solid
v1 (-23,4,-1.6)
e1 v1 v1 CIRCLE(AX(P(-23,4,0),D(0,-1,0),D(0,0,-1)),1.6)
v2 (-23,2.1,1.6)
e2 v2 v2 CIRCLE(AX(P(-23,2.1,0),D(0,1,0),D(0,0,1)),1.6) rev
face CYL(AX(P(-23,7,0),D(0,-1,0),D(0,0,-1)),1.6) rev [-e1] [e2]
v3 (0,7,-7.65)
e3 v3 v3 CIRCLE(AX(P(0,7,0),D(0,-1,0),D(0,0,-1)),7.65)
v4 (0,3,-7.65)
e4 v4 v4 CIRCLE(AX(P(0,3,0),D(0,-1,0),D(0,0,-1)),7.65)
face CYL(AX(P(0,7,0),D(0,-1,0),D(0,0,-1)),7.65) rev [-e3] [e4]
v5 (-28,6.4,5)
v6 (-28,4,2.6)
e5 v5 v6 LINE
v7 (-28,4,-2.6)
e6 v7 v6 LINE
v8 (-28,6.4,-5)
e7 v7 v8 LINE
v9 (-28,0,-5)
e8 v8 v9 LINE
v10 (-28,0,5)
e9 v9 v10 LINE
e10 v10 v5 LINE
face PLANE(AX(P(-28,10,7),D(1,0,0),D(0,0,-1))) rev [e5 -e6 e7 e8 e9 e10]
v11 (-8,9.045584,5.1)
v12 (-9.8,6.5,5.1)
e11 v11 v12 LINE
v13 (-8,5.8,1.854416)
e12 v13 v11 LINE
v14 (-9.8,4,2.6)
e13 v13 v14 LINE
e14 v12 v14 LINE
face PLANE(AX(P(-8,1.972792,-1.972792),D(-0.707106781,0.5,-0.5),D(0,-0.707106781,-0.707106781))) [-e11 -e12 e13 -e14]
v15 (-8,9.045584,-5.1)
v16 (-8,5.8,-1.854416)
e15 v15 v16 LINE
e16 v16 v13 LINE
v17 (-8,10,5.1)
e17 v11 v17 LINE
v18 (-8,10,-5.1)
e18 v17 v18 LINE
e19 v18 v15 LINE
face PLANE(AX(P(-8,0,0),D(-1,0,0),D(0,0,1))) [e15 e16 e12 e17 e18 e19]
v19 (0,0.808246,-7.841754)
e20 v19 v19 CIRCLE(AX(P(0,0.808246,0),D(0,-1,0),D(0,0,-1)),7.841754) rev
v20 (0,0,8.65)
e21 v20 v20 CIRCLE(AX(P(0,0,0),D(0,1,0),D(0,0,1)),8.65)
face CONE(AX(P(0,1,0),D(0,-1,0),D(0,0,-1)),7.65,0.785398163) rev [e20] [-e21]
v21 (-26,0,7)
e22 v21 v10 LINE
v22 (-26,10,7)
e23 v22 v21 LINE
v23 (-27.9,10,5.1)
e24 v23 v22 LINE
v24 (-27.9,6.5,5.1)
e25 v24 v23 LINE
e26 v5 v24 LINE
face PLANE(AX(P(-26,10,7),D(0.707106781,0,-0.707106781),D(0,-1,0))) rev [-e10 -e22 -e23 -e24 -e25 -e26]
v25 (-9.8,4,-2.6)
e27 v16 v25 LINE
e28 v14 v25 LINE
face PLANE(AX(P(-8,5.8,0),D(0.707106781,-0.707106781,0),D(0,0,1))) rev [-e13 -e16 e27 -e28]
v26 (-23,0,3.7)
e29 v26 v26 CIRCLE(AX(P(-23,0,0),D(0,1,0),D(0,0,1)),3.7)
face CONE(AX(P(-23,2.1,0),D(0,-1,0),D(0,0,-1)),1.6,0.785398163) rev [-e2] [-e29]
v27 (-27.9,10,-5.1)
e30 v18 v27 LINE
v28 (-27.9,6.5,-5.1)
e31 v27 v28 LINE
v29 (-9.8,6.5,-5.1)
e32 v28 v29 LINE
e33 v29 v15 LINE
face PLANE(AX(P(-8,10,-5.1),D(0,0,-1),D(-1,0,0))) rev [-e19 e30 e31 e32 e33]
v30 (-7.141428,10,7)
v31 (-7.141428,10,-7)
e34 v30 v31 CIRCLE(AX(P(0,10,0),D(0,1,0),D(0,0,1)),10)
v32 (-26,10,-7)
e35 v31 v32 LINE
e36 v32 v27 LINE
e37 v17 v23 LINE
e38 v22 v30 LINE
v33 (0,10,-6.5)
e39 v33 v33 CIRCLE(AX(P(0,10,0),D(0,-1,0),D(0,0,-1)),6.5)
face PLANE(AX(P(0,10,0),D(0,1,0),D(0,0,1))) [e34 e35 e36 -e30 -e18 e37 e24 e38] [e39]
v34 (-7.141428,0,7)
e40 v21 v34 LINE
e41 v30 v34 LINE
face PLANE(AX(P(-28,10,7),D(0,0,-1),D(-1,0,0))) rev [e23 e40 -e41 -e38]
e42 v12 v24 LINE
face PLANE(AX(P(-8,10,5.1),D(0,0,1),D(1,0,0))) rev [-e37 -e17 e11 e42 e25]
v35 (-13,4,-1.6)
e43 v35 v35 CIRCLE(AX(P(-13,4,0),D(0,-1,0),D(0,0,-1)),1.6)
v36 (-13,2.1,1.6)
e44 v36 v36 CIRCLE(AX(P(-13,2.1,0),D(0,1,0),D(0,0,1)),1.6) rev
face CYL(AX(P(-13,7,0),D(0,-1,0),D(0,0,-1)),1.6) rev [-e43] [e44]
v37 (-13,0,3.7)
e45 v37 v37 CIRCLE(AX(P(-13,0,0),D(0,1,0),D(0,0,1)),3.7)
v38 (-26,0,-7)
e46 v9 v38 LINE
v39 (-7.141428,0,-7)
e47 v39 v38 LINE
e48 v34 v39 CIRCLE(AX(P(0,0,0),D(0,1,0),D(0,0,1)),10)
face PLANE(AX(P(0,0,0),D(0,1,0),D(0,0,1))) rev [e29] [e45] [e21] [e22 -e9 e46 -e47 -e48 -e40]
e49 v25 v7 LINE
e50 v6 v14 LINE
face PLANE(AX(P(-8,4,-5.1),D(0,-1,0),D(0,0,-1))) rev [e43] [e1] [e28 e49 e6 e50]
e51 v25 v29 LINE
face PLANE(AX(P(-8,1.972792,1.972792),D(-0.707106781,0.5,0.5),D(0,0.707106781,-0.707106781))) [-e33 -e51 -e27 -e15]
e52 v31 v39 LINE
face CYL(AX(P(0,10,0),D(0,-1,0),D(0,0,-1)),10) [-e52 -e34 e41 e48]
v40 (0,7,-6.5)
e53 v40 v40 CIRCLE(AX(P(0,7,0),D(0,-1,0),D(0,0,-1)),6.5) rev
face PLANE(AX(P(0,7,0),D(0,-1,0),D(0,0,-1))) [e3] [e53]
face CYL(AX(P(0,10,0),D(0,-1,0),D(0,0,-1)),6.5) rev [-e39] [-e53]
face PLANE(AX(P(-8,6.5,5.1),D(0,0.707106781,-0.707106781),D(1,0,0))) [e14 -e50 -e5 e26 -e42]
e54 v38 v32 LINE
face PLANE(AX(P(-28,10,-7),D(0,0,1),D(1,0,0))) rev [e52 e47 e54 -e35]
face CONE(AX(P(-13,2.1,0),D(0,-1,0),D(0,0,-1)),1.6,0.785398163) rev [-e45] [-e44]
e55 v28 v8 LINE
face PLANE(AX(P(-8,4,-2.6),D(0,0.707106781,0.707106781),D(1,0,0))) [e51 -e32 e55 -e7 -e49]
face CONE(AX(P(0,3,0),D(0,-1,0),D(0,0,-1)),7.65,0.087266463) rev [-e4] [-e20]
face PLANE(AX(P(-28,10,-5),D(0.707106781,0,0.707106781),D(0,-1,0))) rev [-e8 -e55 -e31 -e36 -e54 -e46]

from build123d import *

# Parameters (mm, degrees)
BOSS_EXTRU_1_DEPTH      = 10
ESQUISSE2_W             = 10.2
ESQUISSE2_H             = 6
ENL_V_MAT_EXTRU_1_DEPTH = 20
CHANFREIN1_SIZE         = 2.5
CHANFREIN2_SIZE         = 1.8
ESQUISSE3_R             = 6.5
ENL_V_MAT_EXTRU_2_DEPTH = 32.368774283
ESQUISSE4_R             = 7.65
ENL_V_MAT_EXTRU_3_DEPTH = 7
CHANFREIN3_SIZE         = 1
ESQUISSE5_R             = 1.6
ENL_V_MAT_EXTRU_4_DEPTH = 7
CHANFREIN4_SIZE         = 2.1
CHANFREIN5_SIZE         = 2
CHANFREIN6_SIZE         = 2
CHANFREIN6_SIZE2        = 0.271180531


with BuildPart() as part:
    # Esquisse1 → Boss.-Extru.1 (new body)
    with BuildSketch(Plane(origin=(0, 0, 0), x_dir=(1, 0, 0), z_dir=(0, 1, 0))):
        with BuildLine():
            Line((-28, -7), (-7.141428429, -7))
            ThreePointArc((-7.141428429, -7), (10, 0), (-7.141428429, 7))
            Line((-7.141428429, 7), (-28, 7))
            Line((-28, 7), (-28, -7))
        make_face()
    extrude(amount=BOSS_EXTRU_1_DEPTH)

    # Esquisse2 → Enlèv. mat.-Extru.1 (cut)
    with BuildSketch(Plane.ZY.offset(28)):
        with Locations((0, 7)):
            Rectangle(ESQUISSE2_W, ESQUISSE2_H)
    extrude(amount=-ENL_V_MAT_EXTRU_1_DEPTH, mode=Mode.SUBTRACT)

    # Chanfrein1
    chanfrein1_edges = [part.edges().sort_by_distance(p)[0] for p in [
        (-18, 4, -5.1),
        (-18, 4, 5.1),
    ]]
    chamfer(chanfrein1_edges, length=CHANFREIN1_SIZE)

    # Chanfrein2
    chanfrein2_edges = [part.edges().sort_by_distance(p)[0] for p in [
        (-8, 4, 0),
        (-8, 5.25, -3.85),
        (-8, 5.25, 3.85),
    ]]
    chamfer(chanfrein2_edges, length=CHANFREIN2_SIZE)

    # Esquisse3 → Enlèv. mat.-Extru.2 (cut, through all)
    with BuildSketch(Plane.XZ):
        with Locations(Location((0, 0, 0), (0, 0, 270))):
            Circle(ESQUISSE3_R)
    extrude(amount=-ENL_V_MAT_EXTRU_2_DEPTH, mode=Mode.SUBTRACT)

    # Esquisse4 → Enlèv. mat.-Extru.3 (cut)
    with BuildSketch(Plane.XZ):
        with Locations(Location((0, 0, 0), (0, 0, 270))):
            Circle(ESQUISSE4_R)
    extrude(amount=-ENL_V_MAT_EXTRU_3_DEPTH, mode=Mode.SUBTRACT)

    # Chanfrein3
    chanfrein3_edges = [part.edges().sort_by_distance(p)[0] for p in [
        (0, 0, 7.65),
    ]]
    chamfer(chanfrein3_edges, length=CHANFREIN3_SIZE)

    # Esquisse5 → Enlèv. mat.-Extru.4 (cut)
    with BuildSketch(Plane.XZ):
        with Locations(Location((-23, 0, 0), (0, 0, 270))):
            Circle(ESQUISSE5_R)
        with Locations(Location((-13, 0, 0), (0, 0, 270))):
            Circle(ESQUISSE5_R)
    extrude(amount=-ENL_V_MAT_EXTRU_4_DEPTH, mode=Mode.SUBTRACT)

    # Chanfrein4
    chanfrein4_edges = [part.edges().sort_by_distance(p)[0] for p in [
        (-23, 0, 1.6),
        (-13, 0, 1.6),
    ]]
    chamfer(chanfrein4_edges, length=CHANFREIN4_SIZE)

    # Chanfrein5
    chanfrein5_edges = [part.edges().sort_by_distance(p)[0] for p in [
        (-28, 5, -7),
        (-28, 5, 7),
    ]]
    chamfer(chanfrein5_edges, length=CHANFREIN5_SIZE)

    # Chanfrein6
    chanfrein6_edges = [part.edges().sort_by_distance(p)[0] for p in [
        (0, 1, 7.65),
    ]]
    chanfrein6_side = [part.faces().sort_by_distance(p)[0] for p in [
        (0, 4, 7.65),
    ]]
    chamfer(chanfrein6_edges, length=CHANFREIN6_SIZE, length2=CHANFREIN6_SIZE2, reference=chanfrein6_side[0])


solid = part.part
